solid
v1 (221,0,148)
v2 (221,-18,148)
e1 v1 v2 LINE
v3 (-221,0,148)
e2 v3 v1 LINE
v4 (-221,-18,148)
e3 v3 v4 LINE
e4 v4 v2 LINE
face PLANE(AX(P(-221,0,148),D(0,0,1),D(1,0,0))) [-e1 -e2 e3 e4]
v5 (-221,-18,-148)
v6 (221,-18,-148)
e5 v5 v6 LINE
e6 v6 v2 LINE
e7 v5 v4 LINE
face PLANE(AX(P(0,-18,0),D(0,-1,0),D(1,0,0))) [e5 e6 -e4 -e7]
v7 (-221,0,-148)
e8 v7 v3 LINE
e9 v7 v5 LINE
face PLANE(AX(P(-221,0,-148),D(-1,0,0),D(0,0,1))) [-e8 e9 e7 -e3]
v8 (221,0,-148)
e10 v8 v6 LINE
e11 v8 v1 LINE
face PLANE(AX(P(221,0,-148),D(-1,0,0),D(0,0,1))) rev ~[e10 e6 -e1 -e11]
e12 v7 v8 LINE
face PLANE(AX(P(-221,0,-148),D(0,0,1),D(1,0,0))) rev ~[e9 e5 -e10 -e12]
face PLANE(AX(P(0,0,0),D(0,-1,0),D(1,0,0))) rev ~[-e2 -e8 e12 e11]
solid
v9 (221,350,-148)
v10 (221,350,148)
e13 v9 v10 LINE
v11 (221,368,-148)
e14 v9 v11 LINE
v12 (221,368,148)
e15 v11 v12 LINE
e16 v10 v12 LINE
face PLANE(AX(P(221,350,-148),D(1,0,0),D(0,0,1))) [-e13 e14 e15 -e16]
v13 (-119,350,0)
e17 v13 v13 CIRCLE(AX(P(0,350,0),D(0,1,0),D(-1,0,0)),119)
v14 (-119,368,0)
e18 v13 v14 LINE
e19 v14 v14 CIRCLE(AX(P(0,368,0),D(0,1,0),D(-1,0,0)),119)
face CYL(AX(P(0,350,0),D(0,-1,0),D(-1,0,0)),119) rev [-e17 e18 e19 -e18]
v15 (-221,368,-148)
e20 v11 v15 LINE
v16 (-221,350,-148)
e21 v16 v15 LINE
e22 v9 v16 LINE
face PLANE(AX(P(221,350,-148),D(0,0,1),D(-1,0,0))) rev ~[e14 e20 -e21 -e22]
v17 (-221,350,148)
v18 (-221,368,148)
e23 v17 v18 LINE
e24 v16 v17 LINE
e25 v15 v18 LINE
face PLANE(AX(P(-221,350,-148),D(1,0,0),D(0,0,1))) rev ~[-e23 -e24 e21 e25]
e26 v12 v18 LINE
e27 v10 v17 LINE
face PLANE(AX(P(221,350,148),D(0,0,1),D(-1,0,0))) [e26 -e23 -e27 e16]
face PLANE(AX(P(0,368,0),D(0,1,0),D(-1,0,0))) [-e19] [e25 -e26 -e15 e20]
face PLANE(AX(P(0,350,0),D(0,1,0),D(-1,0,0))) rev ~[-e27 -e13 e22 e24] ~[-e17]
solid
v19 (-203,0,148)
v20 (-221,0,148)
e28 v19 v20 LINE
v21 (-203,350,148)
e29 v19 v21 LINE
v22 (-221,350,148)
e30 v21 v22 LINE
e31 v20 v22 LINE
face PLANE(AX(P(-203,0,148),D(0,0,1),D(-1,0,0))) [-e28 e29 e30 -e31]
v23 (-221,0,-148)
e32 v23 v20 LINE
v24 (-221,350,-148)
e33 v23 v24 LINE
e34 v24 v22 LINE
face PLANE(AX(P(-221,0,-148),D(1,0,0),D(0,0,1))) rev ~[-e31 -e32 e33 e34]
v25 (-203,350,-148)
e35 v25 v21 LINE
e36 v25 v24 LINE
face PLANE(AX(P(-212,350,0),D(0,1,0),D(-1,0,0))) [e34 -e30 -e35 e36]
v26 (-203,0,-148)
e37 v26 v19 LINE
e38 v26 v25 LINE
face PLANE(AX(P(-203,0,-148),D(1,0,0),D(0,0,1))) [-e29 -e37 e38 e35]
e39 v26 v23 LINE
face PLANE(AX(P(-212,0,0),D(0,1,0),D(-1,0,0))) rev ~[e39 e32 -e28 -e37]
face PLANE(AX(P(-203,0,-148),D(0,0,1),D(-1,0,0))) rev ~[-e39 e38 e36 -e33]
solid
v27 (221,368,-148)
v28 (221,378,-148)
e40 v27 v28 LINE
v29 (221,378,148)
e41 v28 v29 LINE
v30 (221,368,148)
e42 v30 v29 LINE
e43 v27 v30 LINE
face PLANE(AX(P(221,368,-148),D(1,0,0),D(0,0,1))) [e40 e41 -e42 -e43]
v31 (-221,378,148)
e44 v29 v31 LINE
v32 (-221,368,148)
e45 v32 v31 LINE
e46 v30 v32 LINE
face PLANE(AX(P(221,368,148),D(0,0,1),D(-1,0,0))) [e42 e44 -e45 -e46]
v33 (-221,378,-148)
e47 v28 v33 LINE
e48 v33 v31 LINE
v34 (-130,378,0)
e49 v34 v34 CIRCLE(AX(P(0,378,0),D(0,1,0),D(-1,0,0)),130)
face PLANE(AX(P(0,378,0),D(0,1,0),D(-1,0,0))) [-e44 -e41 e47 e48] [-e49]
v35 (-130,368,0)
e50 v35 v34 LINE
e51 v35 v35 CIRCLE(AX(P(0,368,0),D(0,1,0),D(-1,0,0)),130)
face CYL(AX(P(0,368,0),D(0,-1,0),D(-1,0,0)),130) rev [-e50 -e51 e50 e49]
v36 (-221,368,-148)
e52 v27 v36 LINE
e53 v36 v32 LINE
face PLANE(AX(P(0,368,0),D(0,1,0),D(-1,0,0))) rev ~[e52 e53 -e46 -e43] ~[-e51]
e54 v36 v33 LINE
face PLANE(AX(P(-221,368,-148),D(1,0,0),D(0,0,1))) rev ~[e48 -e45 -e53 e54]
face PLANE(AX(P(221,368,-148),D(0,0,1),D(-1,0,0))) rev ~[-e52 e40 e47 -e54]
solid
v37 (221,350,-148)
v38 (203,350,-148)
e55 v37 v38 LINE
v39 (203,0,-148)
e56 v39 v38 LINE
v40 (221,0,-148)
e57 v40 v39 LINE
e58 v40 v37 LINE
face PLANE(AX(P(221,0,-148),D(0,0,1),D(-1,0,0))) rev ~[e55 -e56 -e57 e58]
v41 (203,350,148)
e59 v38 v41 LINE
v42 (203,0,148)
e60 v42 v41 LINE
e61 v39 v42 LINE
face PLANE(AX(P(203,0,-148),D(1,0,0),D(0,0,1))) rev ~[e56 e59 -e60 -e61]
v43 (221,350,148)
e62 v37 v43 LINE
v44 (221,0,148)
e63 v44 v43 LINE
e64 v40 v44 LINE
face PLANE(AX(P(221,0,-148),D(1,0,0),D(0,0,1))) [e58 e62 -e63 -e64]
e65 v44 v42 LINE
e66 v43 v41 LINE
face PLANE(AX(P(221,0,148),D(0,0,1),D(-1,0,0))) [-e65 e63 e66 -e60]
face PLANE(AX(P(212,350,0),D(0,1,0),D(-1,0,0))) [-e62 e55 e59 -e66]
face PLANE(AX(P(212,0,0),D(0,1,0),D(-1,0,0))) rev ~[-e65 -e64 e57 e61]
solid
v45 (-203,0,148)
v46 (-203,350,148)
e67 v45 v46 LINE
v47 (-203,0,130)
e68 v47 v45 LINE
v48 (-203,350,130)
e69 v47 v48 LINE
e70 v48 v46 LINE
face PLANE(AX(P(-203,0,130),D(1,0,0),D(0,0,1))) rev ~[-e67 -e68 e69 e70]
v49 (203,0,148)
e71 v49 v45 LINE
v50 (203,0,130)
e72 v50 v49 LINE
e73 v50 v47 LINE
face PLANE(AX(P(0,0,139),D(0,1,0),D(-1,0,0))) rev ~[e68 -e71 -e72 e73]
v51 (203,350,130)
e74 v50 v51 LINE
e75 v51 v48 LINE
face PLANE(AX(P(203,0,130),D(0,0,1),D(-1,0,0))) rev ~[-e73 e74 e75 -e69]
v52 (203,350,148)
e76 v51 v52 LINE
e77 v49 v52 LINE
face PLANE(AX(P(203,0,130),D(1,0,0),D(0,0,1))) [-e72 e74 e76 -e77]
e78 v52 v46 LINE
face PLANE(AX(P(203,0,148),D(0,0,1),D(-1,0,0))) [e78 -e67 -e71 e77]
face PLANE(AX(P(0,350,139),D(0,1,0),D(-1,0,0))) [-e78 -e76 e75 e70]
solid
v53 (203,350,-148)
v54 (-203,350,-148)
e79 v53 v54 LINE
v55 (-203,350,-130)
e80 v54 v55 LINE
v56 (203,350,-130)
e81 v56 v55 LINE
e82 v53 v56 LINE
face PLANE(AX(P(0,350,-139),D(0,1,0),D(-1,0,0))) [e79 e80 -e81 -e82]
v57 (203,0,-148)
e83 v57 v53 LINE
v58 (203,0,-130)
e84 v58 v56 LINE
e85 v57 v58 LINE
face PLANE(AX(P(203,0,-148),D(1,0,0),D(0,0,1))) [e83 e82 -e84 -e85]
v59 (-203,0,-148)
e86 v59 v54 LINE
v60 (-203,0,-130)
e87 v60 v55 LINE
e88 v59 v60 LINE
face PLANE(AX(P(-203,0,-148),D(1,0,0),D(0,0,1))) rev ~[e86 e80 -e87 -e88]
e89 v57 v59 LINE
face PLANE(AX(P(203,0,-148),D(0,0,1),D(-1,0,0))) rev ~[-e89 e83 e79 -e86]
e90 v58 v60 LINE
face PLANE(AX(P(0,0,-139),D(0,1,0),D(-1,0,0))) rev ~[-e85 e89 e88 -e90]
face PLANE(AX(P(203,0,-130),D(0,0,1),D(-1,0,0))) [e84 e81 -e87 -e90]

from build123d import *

# Parameters (mm, degrees)
F0_W      = 442
F0_H      = 296
F1_DEPTH  = 18
F2_W      = 18
F2_H      = 296
F3_DEPTH  = 350
F4_W      = 18
F4_H      = 296
F5_DEPTH  = 350
F6_W      = 406
F6_H      = 18
F8_DEPTH  = 350
F7_W      = 406
F7_H      = 18
F9_DEPTH  = 350
F10_W     = 442
F10_H     = 296
F10_R     = 119
F11_DEPTH = 18
F14_W     = 442
F14_H     = 296
F14_R     = 130
F15_DEPTH = 10


with BuildPart() as f1:
    # F0 (on Front) → F1 (new body)
    with BuildSketch(Plane.XZ):
        Rectangle(F0_W, F0_H)
    extrude(amount=F1_DEPTH)


with BuildPart() as f3:
    # F2 (on face) → F3 (new body)
    with BuildSketch(Plane(origin=(0, 0, 0), x_dir=(-1, 0, 0), z_dir=(0, 1, 0))):
        with Locations((-212, 0)):
            Rectangle(F2_W, F2_H)
    extrude(amount=F3_DEPTH)


with BuildPart() as f5:
    # F4 (on face) → F5 (new body)
    with BuildSketch(Plane(origin=(0, 0, 0), x_dir=(-1, 0, 0), z_dir=(0, 1, 0))):
        with Locations((212, 0)):
            Rectangle(F4_W, F4_H)
    extrude(amount=F5_DEPTH)


with BuildPart() as f8:
    # F6 (on face) → F8 (new body)
    with BuildSketch(Plane(origin=(0, 0, 0), x_dir=(-1, 0, 0), z_dir=(0, 1, 0))):
        with Locations((0, 139)):
            Rectangle(F6_W, F6_H)
    extrude(amount=F8_DEPTH)


with BuildPart() as f9:
    # F7 (on face) → F9 (new body)
    with BuildSketch(Plane(origin=(0, 0, 0), x_dir=(-1, 0, 0), z_dir=(0, 1, 0))):
        with Locations((0, -139)):
            Rectangle(F7_W, F7_H)
    extrude(amount=F9_DEPTH)


with BuildPart() as f11:
    # F10 (on face) → F11 (new body)
    with BuildSketch(Plane(origin=(0, 350, 0), x_dir=(-1, 0, 0), z_dir=(0, 1, 0))):
        Rectangle(F10_W, F10_H)
        Circle(F10_R, mode=Mode.SUBTRACT)
    extrude(amount=F11_DEPTH)


with BuildPart() as f12_1:
    # F12: copy of F11
    add(f11.part.moved(Location((0, 18, 0))))


with BuildPart() as f15:
    # F14 (on face) → F15 (new body)
    with BuildSketch(Plane(origin=(0, 368, 0), x_dir=(-1, 0, 0), z_dir=(0, 1, 0))):
        Rectangle(F14_W, F14_H)
        Circle(F14_R, mode=Mode.SUBTRACT)
    extrude(amount=F15_DEPTH)


solid = Compound([f1.part, f3.part, f5.part, f8.part, f9.part, f11.part, f15.part])
